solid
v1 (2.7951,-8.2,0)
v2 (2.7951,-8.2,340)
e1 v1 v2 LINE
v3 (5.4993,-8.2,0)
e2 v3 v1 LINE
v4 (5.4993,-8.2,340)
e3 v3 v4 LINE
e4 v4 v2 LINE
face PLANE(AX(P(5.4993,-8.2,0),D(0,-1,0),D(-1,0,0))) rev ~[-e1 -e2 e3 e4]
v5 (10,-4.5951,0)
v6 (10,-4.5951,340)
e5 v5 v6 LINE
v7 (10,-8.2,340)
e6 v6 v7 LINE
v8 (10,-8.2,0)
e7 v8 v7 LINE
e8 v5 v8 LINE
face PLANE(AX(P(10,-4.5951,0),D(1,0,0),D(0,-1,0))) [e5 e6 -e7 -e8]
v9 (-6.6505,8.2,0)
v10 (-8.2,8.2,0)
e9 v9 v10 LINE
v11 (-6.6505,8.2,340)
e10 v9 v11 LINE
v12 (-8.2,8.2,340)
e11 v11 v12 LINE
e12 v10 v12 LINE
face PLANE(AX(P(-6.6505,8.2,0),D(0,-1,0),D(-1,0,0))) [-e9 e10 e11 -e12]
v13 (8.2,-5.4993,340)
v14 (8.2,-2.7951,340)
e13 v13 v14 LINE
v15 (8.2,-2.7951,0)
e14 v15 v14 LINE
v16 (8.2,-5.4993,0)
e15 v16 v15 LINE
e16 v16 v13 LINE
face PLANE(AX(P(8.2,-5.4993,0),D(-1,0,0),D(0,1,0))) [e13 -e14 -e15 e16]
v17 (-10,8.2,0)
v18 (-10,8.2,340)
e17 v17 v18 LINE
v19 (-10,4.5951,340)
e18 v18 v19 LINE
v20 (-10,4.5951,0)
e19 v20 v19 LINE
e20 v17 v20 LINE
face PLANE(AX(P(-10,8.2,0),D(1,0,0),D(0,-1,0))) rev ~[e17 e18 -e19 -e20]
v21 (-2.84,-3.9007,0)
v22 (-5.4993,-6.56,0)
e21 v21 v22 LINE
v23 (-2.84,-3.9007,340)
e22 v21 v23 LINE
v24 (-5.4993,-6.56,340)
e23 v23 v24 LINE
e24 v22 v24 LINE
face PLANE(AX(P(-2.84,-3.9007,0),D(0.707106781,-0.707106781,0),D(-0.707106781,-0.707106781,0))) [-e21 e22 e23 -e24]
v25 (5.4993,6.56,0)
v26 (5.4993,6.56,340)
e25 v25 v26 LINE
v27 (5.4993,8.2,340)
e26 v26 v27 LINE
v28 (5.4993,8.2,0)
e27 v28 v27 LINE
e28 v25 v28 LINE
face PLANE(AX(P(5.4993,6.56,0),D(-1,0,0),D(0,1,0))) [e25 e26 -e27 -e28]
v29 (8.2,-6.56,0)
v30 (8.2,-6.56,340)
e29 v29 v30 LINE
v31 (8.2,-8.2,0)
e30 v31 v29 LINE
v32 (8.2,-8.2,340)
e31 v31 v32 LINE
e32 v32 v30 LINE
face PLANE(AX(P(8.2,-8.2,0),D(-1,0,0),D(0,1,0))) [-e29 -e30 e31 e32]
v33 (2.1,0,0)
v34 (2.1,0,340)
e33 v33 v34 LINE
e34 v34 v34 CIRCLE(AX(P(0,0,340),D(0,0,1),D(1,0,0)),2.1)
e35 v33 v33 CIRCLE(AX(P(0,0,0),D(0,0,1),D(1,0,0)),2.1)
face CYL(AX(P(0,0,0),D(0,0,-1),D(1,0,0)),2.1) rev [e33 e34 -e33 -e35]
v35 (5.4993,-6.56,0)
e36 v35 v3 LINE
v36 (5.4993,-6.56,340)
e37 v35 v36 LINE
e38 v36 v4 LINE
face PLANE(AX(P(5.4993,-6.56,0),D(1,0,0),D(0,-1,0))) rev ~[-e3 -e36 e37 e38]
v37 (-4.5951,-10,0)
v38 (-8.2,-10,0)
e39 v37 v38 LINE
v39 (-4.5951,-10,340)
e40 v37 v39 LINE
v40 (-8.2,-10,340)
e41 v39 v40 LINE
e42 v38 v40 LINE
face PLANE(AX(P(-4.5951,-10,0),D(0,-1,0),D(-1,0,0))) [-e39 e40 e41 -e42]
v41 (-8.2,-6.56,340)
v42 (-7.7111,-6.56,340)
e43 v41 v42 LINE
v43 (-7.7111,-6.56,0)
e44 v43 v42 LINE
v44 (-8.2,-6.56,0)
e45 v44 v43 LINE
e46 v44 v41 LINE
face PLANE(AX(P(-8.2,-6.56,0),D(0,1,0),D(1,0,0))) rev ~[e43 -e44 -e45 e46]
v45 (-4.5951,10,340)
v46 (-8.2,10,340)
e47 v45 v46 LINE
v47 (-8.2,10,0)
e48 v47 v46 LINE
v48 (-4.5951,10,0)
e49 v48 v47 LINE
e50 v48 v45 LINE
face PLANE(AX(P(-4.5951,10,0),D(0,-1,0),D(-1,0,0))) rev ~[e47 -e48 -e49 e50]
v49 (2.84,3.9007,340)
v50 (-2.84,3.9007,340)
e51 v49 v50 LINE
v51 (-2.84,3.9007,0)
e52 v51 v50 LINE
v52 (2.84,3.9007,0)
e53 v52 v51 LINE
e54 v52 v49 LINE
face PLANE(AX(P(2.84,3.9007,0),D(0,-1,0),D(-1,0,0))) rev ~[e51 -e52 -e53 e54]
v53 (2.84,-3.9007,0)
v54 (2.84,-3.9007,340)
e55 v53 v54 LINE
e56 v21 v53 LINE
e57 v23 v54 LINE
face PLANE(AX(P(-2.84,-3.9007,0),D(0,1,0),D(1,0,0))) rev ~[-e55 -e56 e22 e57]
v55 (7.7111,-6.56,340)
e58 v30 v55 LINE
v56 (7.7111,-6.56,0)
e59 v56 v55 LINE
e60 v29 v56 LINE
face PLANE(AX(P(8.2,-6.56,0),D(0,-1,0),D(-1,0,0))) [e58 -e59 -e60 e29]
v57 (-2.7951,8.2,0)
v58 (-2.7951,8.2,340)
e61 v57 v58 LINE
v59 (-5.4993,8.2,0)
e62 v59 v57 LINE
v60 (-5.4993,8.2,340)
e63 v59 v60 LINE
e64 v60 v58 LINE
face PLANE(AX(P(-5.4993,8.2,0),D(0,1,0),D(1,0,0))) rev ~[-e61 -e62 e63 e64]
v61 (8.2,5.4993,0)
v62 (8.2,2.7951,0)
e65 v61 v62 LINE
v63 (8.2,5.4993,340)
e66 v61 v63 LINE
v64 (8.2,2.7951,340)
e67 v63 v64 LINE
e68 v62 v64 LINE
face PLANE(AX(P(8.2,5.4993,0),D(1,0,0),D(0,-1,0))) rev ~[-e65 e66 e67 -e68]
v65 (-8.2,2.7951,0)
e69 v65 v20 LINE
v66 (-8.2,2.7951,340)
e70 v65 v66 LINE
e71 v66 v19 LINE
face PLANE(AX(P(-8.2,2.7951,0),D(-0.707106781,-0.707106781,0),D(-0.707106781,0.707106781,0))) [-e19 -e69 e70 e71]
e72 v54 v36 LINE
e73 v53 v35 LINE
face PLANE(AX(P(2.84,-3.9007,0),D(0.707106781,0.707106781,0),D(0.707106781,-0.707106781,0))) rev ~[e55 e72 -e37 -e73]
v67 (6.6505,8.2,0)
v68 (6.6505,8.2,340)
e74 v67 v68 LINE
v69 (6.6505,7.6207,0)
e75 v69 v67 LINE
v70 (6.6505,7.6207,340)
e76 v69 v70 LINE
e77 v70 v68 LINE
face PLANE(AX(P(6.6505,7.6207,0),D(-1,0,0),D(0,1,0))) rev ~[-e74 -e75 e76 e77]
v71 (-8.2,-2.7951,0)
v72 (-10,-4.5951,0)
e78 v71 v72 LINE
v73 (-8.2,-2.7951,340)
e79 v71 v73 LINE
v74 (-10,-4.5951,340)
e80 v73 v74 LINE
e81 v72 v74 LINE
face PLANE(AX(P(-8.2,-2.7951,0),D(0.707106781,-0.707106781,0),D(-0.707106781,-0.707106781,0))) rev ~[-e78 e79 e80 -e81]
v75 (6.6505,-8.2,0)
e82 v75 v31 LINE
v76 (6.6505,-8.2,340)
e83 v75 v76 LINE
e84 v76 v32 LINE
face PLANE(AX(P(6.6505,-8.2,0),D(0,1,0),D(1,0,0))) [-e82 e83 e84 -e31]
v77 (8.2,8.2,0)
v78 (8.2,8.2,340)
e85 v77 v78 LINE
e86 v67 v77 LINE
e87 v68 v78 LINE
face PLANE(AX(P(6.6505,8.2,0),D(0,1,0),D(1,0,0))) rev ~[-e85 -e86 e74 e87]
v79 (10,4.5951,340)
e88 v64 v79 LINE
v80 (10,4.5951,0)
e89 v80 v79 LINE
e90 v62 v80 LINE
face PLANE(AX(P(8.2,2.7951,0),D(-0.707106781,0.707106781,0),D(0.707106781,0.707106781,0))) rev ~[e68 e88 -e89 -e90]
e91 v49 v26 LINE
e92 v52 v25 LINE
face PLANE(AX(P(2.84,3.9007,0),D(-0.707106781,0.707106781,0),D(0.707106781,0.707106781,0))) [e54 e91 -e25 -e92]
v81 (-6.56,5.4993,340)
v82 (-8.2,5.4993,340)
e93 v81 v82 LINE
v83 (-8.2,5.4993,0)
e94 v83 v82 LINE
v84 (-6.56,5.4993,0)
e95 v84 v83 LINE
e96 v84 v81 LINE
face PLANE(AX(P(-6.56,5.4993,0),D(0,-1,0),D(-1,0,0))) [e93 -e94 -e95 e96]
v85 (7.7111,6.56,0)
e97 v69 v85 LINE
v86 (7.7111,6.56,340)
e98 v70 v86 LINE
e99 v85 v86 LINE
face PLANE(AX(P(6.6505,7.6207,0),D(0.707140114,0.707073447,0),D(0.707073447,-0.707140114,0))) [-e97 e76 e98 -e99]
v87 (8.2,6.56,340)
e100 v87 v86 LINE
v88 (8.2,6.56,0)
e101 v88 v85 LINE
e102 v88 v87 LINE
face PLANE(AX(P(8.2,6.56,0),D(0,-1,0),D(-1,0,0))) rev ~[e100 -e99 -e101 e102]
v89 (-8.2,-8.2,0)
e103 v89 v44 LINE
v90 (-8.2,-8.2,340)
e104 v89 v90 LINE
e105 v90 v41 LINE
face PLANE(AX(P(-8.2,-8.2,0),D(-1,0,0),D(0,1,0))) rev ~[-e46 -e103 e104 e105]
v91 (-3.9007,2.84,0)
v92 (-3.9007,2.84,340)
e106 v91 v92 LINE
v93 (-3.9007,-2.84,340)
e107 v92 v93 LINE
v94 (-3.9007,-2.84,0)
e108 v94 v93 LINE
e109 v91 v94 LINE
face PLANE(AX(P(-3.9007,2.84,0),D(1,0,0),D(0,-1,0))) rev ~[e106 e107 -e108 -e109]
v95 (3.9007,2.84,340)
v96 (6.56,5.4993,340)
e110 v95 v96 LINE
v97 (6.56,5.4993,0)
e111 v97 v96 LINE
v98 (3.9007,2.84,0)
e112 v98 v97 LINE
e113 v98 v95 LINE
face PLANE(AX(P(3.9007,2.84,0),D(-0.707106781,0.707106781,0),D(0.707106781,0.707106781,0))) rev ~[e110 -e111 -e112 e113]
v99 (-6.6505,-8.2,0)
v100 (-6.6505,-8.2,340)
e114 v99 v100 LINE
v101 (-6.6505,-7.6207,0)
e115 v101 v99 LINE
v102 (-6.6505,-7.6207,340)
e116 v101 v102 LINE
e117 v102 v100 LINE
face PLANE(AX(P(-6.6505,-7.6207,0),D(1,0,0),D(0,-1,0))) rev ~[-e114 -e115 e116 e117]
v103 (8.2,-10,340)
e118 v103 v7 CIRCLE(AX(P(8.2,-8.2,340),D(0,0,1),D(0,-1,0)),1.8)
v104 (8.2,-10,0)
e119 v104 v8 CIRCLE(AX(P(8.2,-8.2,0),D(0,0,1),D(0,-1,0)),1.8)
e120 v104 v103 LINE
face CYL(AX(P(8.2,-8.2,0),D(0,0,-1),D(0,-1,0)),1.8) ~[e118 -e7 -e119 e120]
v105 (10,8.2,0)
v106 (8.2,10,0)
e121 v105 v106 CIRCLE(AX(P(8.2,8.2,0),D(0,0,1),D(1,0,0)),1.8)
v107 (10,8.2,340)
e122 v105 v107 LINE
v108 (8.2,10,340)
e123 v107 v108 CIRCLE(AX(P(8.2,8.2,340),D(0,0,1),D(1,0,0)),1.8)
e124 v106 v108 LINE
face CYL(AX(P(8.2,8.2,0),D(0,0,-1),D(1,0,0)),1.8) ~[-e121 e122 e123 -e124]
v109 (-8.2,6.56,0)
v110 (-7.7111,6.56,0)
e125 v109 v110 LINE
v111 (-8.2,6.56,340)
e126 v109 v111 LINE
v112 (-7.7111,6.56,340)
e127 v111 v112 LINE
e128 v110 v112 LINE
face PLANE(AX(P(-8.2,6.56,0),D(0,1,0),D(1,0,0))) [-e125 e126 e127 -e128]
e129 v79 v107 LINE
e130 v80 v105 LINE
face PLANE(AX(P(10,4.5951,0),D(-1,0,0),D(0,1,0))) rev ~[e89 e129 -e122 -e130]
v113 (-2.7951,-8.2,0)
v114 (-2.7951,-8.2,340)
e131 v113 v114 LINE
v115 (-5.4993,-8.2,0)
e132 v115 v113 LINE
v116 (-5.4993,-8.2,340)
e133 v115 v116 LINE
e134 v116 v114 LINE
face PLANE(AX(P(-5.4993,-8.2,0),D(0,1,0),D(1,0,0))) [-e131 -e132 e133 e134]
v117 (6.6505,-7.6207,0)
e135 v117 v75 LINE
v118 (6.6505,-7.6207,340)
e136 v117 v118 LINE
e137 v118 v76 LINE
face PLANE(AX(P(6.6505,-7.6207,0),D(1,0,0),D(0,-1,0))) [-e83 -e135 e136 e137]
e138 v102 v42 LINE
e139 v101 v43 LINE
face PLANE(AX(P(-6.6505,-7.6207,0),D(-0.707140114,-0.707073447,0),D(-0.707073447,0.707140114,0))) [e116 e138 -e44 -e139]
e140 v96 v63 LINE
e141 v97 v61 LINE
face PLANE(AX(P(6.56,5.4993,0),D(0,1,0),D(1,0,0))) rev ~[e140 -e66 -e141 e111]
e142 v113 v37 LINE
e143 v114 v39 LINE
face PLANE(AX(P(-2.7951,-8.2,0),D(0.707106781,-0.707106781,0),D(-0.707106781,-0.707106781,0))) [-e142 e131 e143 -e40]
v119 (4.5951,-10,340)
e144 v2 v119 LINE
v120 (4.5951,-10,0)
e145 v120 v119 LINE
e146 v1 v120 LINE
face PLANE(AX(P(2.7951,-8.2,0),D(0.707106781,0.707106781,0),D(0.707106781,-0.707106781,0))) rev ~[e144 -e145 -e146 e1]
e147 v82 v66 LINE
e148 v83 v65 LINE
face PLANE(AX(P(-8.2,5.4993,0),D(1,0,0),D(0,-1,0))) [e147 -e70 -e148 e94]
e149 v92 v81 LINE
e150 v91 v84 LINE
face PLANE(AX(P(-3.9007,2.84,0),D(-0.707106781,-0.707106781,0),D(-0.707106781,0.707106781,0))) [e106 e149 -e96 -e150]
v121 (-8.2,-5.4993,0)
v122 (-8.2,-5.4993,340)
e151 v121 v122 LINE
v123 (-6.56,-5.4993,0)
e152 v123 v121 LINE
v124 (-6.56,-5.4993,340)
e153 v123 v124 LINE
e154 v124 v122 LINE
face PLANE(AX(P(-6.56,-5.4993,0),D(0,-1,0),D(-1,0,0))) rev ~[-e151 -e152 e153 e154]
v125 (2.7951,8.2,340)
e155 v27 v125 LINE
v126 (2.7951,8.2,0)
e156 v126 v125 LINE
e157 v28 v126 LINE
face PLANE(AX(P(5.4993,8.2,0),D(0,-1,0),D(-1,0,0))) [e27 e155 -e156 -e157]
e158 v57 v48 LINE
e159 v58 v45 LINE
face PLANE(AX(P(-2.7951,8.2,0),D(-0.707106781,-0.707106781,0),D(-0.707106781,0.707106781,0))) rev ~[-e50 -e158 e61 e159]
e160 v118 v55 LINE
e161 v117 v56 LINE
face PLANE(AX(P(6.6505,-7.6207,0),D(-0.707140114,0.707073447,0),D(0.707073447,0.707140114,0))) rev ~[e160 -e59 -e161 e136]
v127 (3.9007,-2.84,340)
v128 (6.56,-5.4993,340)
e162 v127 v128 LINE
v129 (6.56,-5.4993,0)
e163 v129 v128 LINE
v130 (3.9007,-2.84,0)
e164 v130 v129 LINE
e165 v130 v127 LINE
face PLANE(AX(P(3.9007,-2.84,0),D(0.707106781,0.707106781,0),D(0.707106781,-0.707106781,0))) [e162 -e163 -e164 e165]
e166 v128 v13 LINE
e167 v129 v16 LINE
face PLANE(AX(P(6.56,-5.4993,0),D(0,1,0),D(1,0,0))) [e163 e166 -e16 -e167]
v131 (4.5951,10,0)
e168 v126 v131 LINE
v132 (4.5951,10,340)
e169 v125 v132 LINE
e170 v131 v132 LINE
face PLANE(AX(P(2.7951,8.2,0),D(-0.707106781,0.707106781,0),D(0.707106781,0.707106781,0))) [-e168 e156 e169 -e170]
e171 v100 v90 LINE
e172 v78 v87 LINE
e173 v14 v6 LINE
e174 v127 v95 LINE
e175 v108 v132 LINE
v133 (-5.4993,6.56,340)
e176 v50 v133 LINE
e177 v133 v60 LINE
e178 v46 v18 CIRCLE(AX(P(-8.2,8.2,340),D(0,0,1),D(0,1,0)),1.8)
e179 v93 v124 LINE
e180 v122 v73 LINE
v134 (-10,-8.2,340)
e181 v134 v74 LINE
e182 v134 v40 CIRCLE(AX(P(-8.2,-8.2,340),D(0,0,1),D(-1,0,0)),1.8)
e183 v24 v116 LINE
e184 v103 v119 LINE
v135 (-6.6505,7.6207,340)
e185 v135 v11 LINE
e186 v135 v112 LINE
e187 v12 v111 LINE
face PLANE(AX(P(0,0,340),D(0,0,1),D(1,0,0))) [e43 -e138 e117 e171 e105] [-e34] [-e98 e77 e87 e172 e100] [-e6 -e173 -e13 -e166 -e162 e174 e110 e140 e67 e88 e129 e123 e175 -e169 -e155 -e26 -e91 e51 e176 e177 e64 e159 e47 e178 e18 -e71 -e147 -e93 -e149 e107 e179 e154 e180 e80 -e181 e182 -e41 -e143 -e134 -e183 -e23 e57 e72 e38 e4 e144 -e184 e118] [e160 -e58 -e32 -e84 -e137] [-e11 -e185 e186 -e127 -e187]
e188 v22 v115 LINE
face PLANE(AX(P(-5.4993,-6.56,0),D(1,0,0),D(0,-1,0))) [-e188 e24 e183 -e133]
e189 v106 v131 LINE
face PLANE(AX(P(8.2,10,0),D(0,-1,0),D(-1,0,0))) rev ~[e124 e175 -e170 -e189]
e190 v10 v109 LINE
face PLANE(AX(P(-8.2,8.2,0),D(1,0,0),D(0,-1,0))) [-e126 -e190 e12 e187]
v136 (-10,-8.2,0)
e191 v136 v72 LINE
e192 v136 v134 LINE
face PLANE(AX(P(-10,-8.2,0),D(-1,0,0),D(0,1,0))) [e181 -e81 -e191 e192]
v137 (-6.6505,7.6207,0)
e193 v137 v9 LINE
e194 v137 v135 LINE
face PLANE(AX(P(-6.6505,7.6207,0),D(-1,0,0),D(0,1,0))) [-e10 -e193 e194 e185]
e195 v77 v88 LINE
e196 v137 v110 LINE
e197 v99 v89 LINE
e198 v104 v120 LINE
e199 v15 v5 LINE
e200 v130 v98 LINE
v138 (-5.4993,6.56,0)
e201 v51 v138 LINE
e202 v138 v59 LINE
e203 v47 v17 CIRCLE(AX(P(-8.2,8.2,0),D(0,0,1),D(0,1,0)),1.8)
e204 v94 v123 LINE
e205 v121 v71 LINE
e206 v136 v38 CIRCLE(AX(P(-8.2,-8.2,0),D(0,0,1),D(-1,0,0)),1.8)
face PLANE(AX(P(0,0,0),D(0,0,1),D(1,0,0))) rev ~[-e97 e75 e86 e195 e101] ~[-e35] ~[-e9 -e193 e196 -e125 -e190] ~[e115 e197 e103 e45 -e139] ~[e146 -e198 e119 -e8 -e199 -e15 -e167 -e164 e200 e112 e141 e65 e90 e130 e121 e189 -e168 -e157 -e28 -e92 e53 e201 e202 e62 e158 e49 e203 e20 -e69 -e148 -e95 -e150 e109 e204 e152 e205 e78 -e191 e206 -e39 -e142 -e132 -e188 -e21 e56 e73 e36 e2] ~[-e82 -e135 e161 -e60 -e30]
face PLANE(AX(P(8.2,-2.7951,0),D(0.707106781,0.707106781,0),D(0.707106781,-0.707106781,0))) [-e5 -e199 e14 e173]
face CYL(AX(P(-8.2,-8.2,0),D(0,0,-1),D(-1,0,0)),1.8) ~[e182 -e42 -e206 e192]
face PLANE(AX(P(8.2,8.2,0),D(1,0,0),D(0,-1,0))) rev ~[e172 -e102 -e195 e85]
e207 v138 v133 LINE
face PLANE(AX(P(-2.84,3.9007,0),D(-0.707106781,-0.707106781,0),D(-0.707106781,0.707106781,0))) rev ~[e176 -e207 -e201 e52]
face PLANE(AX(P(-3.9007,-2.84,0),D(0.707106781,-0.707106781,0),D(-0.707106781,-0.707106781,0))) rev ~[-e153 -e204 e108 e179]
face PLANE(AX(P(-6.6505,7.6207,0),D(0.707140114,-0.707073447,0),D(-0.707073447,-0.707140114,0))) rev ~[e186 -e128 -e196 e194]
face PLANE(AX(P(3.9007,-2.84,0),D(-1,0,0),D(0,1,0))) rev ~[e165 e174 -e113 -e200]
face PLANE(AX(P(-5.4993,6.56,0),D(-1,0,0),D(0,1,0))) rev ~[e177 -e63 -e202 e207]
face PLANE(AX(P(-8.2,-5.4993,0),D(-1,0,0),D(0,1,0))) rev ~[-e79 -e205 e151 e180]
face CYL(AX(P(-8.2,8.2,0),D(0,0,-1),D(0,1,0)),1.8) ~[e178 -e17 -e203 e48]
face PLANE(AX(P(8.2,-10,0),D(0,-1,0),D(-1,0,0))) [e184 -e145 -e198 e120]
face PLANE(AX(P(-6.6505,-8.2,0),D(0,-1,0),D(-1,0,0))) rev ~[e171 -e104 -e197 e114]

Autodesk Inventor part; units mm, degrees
ref_plane "YZ Plane" through (0, 0, 0) normal (1, 0, 0) x (0, 1, 0)
ref_plane "Start Plane" through (0, 0, 0) normal (0, 0, 1) x (1, 0, 0)
ref_plane "End Plane" through (0, 0, 340) normal (0, 0, 1) x (1, 0, 0)
sketch "Sketch1" plane through (0, 0, 0) normal (0, 0, 1) x (1, 0, 0)
  line L0 (10, -4.5951) -> (10, -8.2)
  line L1 (-10, -8.2) -> (-10, -4.5951)
  line L2 (-10, 10) -> (10, -10) construction
  line L3 (10, 10) -> (-10, -10) construction
  circle A0 centre (0, 0) radius 2.1
  line L4 (-2.84, -3.9007) -> (2.84, -3.9007)
  line L5 (3.9007, -2.84) -> (3.9007, 2.84)
  line L6 (2.84, 3.9007) -> (-2.84, 3.9007)
  line L7 (-3.9007, 2.84) -> (-3.9007, -2.84)
  line L8 (-3.9007, -3.9007) -> (3.9007, 3.9007) construction
  line L9 (3.9007, -3.9007) -> (-3.9007, 3.9007) construction
  line L10 (-3.9007, -2.84) -> (-2.84, -3.9007) construction
  line L11 (-2.84, -3.9007) -> (-5.4993, -6.56)
  line L12 (-5.4993, -6.56) -> (-5.4993, -8.2)
  line L13 (-5.4993, -8.2) -> (-2.7951, -8.2)
  line L14 (-2.7951, -8.2) -> (-4.5951, -10)
  line L15 (0, 0) -> (0, -3.9007) construction
  line L16 (3.9007, -2.84) -> (2.84, -3.9007) construction
  line L17 (2.84, -3.9007) -> (5.4993, -6.56)
  line L18 (5.4993, -6.56) -> (5.4993, -8.2)
  line L19 (5.4993, -8.2) -> (2.7951, -8.2)
  line L20 (2.7951, -8.2) -> (4.5951, -10)
  line L21 (-2.84, -3.9007) -> (-3.9007, -2.84) construction
  line L22 (-3.9007, -2.84) -> (-6.56, -5.4993)
  line L23 (-6.56, -5.4993) -> (-8.2, -5.4993)
  line L24 (-8.2, -5.4993) -> (-8.2, -2.7951)
  line L25 (-8.2, -2.7951) -> (-10, -4.5951)
  line L26 (3.9007, -2.84) -> (6.56, -5.4993)
  line L27 (6.56, -5.4993) -> (8.2, -5.4993)
  line L28 (8.2, -5.4993) -> (8.2, -2.7951)
  line L29 (8.2, -2.7951) -> (10, -4.5951)
  arc A1 (-10, -8.2) -> (-8.2, -10) centre (-8.2, -8.2) ccw
  arc A2 (8.2, -10) -> (10, -8.2) centre (8.2, -8.2) ccw
  line L30 (-8.2, -6.56) -> (-7.7111, -6.56)
  line L31 (-6.6505, -8.2) -> (-8.2, -8.2)
  line L32 (-8.2, -8.2) -> (-8.2, -6.56)
  line L33 (-6.6505, -7.6207) -> (-7.7111, -6.56)
  line L34 (-6.6505, -7.6207) -> (-6.6505, -8.2)
  line L35 (8.2, -6.56) -> (7.7111, -6.56)
  line L36 (6.6505, -8.2) -> (8.2, -8.2)
  line L37 (8.2, -8.2) -> (8.2, -6.56)
  line L38 (6.6505, -7.6207) -> (7.7111, -6.56)
  line L39 (6.6505, -7.6207) -> (6.6505, -8.2)
  line L40 (8.2, -10) -> (4.5951, -10)
  line L41 (-4.5951, -10) -> (-8.2, -10)
  line L42 (-3.9007, 0) -> (3.9007, 0) construction
  line L43 (10, 4.5951) -> (10, 8.2)
  line L44 (-10, 8.2) -> (-10, 4.5951)
  line L45 (-2.84, 3.9007) -> (2.84, 3.9007)
  line L46 (-3.9007, 2.84) -> (-2.84, 3.9007) construction
  line L47 (-2.84, 3.9007) -> (-5.4993, 6.56)
  line L48 (-5.4993, 6.56) -> (-5.4993, 8.2)
  line L49 (-5.4993, 8.2) -> (-2.7951, 8.2)
  line L50 (-2.7951, 8.2) -> (-4.5951, 10)
  line L51 (2.84, 3.9007) -> (5.4993, 6.56)
  line L52 (5.4993, 6.56) -> (5.4993, 8.2)
  line L53 (5.4993, 8.2) -> (2.7951, 8.2)
  line L54 (2.7951, 8.2) -> (4.5951, 10)
  line L55 (3.9007, 2.84) -> (2.84, 3.9007) construction
  line L56 (-8.2, 2.7951) -> (-10, 4.5951)
  line L57 (-2.84, 3.9007) -> (-3.9007, 2.84) construction
  line L58 (-3.9007, 2.84) -> (-6.56, 5.4993)
  line L59 (-6.56, 5.4993) -> (-8.2, 5.4993)
  line L60 (-8.2, 5.4993) -> (-8.2, 2.7951)
  line L61 (3.9007, 2.84) -> (6.56, 5.4993)
  line L62 (6.56, 5.4993) -> (8.2, 5.4993)
  line L63 (8.2, 5.4993) -> (8.2, 2.7951)
  line L64 (8.2, 2.7951) -> (10, 4.5951)
  arc A3 (-8.2, 10) -> (-10, 8.2) centre (-8.2, 8.2) ccw
  arc A4 (10, 8.2) -> (8.2, 10) centre (8.2, 8.2) ccw
  line L65 (-8.2, 6.56) -> (-7.7111, 6.56)
  line L66 (-6.6505, 8.2) -> (-8.2, 8.2)
  line L67 (-8.2, 8.2) -> (-8.2, 6.56)
  line L68 (-6.6505, 7.6207) -> (-7.7111, 6.56)
  line L69 (-6.6505, 7.6207) -> (-6.6505, 8.2)
  line L70 (8.2, 6.56) -> (7.7111, 6.56)
  line L71 (6.6505, 7.6207) -> (7.7111, 6.56)
  line L72 (8.2, 8.2) -> (8.2, 6.56)
  line L73 (6.6505, 7.6207) -> (6.6505, 8.2)
  line L74 (6.6505, 8.2) -> (8.2, 8.2)
  line L75 (8.2, 10) -> (4.5951, 10)
  line L76 (-4.5951, 10) -> (-8.2, 10)
  line L77 (-8.2, 10) -> (-4.5951, 10)
  line L78 (4.5951, 10) -> (8.2, 10)
  point P0 (8.2, -8.2)
  point P1 (0, 3.9007)
  point P2 (8.2, 8.2)
  dimension "Width" = 20
  dimension "Height" = 20
  dimension "d2" = 4.2
  dimension "d3" = 1.5
  dimension "d4" = 1.64
  dimension "d6" = 5.68
  dimension "d7" = 1.8
  dimension "d9" = 1.5
extrude "Body" add sketch "Sketch1" along normal up to surface (340 mm away) from surface at 0
sketch "Sketch4" plane through (0, 0, 0) normal (0, 0, 1) x (1, 0, 0)
  line L0 (0, 0) -> (10, 0)
ref_plane "Work Plane4" through (0, 0, 0) normal (0, -1, 0) x (1, 0, 0)
sketch "Sketch5" plane through (0, 0, 0) normal (0, -1, 0) x (1, 0, 0)
  line L0 (-2, 0) -> (12, 0) construction
  line L1 (-2, 340) -> (12, 340) construction
  dimension "d17" = 340
equation "\"G_OFFSET_START\" = 0"
equation "\"G_OFFSET_END\" = 0"
equation "\"G_L\" = d17"
properties part number "340 mm V-Slot 20mm x 20mm" material "Aluminum 6061"
